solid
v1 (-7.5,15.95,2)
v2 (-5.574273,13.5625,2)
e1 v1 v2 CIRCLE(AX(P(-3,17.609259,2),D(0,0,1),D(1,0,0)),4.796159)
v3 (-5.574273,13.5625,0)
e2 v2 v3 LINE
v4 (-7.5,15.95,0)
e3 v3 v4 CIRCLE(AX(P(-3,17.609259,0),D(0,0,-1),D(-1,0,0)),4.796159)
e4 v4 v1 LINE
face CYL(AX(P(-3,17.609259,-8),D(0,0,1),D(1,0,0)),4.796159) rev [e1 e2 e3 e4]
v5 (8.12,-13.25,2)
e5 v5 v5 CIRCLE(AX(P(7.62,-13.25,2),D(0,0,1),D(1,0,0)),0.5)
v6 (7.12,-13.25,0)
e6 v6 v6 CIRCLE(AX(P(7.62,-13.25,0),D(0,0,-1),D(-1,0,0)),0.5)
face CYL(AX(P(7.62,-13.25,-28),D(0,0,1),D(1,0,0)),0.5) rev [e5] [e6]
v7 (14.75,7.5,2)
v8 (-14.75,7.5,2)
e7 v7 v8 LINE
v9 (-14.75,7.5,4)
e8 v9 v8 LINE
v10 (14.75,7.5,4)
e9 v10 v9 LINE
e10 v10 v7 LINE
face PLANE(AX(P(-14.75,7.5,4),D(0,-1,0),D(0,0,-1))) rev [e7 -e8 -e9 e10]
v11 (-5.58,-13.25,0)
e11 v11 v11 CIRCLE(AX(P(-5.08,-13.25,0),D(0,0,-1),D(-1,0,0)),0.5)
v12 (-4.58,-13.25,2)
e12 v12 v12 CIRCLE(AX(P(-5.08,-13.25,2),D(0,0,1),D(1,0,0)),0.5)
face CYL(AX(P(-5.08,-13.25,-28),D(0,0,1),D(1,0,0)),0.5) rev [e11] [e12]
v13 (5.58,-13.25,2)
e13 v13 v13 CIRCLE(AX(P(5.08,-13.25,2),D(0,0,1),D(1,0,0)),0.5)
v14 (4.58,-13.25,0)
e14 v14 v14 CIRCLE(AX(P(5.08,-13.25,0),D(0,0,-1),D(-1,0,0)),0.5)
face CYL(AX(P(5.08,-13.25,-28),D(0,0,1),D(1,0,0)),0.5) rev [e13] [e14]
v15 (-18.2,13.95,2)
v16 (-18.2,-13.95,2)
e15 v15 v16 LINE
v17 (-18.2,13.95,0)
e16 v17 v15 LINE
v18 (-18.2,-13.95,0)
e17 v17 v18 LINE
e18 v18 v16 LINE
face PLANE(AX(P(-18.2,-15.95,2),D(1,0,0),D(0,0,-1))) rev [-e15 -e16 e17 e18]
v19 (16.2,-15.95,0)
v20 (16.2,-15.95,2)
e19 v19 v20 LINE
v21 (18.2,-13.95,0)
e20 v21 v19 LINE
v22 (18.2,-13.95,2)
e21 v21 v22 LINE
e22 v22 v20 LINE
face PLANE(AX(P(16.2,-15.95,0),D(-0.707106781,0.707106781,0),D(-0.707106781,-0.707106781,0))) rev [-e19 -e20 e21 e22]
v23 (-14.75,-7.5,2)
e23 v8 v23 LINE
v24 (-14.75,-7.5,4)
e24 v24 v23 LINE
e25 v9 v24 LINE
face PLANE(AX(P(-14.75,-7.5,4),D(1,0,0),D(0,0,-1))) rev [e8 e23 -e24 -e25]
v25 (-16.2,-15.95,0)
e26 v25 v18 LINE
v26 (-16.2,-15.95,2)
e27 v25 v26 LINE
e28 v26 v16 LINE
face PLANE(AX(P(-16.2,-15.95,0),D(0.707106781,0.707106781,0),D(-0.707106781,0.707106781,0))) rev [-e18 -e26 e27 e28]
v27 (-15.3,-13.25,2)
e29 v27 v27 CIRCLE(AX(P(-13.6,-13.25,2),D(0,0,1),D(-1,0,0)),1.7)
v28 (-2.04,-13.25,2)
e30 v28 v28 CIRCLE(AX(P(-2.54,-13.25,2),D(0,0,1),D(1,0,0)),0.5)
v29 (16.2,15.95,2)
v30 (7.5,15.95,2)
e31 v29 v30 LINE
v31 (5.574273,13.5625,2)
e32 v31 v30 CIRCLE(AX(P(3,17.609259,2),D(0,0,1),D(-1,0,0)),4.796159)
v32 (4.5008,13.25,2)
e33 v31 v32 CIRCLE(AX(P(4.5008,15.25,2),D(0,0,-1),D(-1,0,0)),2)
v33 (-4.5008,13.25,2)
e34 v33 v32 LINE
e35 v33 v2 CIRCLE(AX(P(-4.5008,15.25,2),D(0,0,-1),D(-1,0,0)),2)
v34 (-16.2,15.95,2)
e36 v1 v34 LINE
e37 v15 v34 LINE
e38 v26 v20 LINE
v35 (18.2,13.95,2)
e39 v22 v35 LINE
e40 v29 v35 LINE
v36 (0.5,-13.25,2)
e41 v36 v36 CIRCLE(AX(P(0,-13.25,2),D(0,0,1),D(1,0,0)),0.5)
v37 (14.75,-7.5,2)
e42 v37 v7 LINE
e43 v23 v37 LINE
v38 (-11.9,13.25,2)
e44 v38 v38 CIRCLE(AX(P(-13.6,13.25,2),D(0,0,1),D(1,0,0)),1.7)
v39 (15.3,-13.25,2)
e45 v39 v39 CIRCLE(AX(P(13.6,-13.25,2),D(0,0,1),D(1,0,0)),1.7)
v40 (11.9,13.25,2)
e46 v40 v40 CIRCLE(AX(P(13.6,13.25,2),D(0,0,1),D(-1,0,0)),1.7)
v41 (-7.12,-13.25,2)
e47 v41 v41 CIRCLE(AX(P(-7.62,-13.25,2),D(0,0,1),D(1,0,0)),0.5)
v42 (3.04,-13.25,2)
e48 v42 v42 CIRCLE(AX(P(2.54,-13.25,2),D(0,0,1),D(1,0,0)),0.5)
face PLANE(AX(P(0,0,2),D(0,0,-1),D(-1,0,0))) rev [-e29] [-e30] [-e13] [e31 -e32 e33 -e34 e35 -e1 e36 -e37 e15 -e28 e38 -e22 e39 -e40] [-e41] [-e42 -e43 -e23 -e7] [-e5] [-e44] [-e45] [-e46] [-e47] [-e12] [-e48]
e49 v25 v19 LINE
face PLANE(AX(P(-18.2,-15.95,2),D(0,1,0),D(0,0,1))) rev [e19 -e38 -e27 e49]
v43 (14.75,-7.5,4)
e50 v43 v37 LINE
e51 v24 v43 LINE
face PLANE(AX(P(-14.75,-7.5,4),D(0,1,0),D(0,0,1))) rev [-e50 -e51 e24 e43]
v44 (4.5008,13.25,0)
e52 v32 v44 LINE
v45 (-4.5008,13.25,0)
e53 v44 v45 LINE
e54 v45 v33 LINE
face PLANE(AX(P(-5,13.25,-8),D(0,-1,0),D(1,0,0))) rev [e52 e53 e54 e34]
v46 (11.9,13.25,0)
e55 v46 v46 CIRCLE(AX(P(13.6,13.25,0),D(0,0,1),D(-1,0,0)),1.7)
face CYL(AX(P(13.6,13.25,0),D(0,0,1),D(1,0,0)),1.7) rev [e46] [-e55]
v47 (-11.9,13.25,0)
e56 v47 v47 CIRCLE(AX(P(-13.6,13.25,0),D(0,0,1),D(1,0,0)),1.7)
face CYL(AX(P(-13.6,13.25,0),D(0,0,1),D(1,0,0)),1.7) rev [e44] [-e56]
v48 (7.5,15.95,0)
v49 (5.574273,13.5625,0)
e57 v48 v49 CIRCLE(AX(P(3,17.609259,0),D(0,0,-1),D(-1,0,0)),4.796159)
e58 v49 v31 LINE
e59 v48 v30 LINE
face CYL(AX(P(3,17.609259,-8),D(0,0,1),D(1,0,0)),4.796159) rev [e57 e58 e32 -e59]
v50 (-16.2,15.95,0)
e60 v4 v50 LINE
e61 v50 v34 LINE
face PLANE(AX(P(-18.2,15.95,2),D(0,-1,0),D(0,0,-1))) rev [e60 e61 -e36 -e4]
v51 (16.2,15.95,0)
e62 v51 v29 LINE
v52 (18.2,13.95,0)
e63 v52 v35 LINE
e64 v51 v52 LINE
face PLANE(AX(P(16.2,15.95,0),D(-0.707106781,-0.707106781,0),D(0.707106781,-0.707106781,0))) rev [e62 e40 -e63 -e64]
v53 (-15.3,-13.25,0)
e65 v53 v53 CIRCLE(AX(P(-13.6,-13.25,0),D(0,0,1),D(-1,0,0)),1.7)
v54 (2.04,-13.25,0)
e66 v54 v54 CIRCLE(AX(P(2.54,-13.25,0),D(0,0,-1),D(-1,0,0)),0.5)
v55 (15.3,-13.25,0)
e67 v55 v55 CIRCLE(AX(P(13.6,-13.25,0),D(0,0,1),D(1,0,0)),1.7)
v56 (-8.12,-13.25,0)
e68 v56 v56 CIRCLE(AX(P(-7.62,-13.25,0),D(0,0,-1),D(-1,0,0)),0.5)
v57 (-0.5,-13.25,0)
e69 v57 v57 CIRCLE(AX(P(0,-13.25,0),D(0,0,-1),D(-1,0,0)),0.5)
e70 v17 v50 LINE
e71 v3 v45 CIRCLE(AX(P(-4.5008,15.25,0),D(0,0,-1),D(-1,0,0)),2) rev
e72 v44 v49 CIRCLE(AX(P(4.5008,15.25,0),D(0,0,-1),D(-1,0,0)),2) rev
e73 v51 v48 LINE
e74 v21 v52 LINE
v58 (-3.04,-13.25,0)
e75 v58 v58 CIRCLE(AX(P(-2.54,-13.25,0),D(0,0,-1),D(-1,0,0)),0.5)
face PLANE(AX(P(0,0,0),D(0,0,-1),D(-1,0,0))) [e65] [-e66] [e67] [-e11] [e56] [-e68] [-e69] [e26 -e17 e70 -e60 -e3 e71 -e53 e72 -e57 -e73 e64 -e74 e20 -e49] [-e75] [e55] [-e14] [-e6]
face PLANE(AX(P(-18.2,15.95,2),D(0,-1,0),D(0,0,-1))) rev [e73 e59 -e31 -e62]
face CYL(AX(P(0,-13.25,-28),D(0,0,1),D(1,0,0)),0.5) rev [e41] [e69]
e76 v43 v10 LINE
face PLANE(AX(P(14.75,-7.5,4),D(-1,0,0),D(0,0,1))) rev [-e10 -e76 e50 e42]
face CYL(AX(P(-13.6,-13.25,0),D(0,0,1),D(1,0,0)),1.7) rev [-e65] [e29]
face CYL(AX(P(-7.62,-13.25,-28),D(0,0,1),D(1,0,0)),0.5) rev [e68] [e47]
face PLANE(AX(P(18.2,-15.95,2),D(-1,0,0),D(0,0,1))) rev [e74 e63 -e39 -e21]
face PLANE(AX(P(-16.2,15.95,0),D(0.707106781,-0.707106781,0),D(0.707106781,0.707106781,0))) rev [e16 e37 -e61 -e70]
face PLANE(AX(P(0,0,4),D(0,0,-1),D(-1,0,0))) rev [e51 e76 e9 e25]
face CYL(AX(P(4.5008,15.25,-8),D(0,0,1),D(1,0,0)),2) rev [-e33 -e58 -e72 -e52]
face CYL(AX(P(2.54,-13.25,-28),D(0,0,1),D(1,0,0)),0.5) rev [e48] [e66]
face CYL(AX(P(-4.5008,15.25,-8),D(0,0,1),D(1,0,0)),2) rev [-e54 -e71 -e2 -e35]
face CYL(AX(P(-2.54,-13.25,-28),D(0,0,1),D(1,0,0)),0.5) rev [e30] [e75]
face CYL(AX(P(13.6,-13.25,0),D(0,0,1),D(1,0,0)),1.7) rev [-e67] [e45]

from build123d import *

# Parameters (mm, degrees)
SKETCH_1_W          = 36.4
SKETCH_1_H          = 31.9
EXTRUDE_1_DEPTH     = 2
SKETCH_2_W          = 29.5
SKETCH_2_H          = 15
EXTRUDE_2_DEPTH     = 2
SKETCH_3_R          = 1.7
CUT_EXTRUDE_2_DEPTH = 2
CUT_EXTRUDE_3_DEPTH = 2
SKETCH_5_R          = 0.5
CUT_EXTRUDE_4_DEPTH = 30
CUT_EXTRUDE_5_DEPTH = 10
FILLET_1_R          = 2


with BuildPart() as part:
    # 草图1 → 凸台-拉伸1 (new body)
    with BuildSketch(Plane.XY):
        Rectangle(SKETCH_1_W, SKETCH_1_H)
    extrude(amount=EXTRUDE_1_DEPTH)

    # 草图2 → 凸台-拉伸2 (add)
    with BuildSketch(Plane.XY.offset(2)):
        Rectangle(SKETCH_2_W, SKETCH_2_H)
    extrude(amount=EXTRUDE_2_DEPTH)

    # 草图3 → 切除-拉伸2 (cut)
    with BuildSketch(Plane.XY.offset(2)):
        with Locations((-13.6, 13.25)):
            Circle(SKETCH_3_R)
        with Locations(Location((13.6, 13.25, 0), (0, 0, 180))):
            Circle(SKETCH_3_R)
        with Locations((13.6, -13.25)):
            Circle(SKETCH_3_R)
        with Locations(Location((-13.6, -13.25, 0), (0, 0, 180))):
            Circle(SKETCH_3_R)
    extrude(amount=-CUT_EXTRUDE_2_DEPTH, mode=Mode.SUBTRACT)

    # 草图4 → 切除-拉伸3 (cut)
    with BuildSketch(Plane.XY.offset(2)):
        Polygon((-16.2, 15.95), (-18.2, 13.95), (-18.2, 15.95), align=None)
        Polygon((18.2, 13.95), (18.2, 15.95), (16.2, 15.95), align=None)
        Polygon((16.2, -15.95), (18.2, -13.95), (18.2, -15.95), align=None)
        Polygon((-18.2, -13.95), (-18.2, -15.95), (-16.2, -15.95), align=None)
    extrude(amount=-CUT_EXTRUDE_3_DEPTH, mode=Mode.SUBTRACT)

    # 草图5 → 切除-拉伸4 (cut)
    with BuildSketch(Plane.XY.offset(2)):
        with Locations((-7.62, -13.25)):
            Circle(SKETCH_5_R)
        with Locations((-5.08, -13.25)):
            Circle(SKETCH_5_R)
        with Locations((-2.54, -13.25)):
            Circle(SKETCH_5_R)
        with Locations((0, -13.25)):
            Circle(SKETCH_5_R)
        with Locations((2.54, -13.25)):
            Circle(SKETCH_5_R)
        with Locations((5.08, -13.25)):
            Circle(SKETCH_5_R)
        with Locations((7.62, -13.25)):
            Circle(SKETCH_5_R)
    extrude(amount=-CUT_EXTRUDE_4_DEPTH, mode=Mode.SUBTRACT)

    # 草图6 → 切除-拉伸5 (cut)
    with BuildSketch(Plane.XY.offset(2)):
        with BuildLine():
            Line((-5, 13.25), (5, 13.25))
            ThreePointArc((5, 13.25), (6.519232871, 14.350710305), (7.5, 15.95))
            Line((7.5, 15.95), (-7.5, 15.95))
            ThreePointArc((-7.5, 15.95), (-6.519232871, 14.350710305), (-5, 13.25))
        make_face()
    extrude(amount=-CUT_EXTRUDE_5_DEPTH, mode=Mode.SUBTRACT)

    # 圆角1
    fillet_1_edges = [part.edges().sort_by_distance(p)[0] for p in [
        (-5, 13.25, 1),
        (5, 13.25, 1),
    ]]
    fillet(fillet_1_edges, radius=FILLET_1_R)


solid = part.part
